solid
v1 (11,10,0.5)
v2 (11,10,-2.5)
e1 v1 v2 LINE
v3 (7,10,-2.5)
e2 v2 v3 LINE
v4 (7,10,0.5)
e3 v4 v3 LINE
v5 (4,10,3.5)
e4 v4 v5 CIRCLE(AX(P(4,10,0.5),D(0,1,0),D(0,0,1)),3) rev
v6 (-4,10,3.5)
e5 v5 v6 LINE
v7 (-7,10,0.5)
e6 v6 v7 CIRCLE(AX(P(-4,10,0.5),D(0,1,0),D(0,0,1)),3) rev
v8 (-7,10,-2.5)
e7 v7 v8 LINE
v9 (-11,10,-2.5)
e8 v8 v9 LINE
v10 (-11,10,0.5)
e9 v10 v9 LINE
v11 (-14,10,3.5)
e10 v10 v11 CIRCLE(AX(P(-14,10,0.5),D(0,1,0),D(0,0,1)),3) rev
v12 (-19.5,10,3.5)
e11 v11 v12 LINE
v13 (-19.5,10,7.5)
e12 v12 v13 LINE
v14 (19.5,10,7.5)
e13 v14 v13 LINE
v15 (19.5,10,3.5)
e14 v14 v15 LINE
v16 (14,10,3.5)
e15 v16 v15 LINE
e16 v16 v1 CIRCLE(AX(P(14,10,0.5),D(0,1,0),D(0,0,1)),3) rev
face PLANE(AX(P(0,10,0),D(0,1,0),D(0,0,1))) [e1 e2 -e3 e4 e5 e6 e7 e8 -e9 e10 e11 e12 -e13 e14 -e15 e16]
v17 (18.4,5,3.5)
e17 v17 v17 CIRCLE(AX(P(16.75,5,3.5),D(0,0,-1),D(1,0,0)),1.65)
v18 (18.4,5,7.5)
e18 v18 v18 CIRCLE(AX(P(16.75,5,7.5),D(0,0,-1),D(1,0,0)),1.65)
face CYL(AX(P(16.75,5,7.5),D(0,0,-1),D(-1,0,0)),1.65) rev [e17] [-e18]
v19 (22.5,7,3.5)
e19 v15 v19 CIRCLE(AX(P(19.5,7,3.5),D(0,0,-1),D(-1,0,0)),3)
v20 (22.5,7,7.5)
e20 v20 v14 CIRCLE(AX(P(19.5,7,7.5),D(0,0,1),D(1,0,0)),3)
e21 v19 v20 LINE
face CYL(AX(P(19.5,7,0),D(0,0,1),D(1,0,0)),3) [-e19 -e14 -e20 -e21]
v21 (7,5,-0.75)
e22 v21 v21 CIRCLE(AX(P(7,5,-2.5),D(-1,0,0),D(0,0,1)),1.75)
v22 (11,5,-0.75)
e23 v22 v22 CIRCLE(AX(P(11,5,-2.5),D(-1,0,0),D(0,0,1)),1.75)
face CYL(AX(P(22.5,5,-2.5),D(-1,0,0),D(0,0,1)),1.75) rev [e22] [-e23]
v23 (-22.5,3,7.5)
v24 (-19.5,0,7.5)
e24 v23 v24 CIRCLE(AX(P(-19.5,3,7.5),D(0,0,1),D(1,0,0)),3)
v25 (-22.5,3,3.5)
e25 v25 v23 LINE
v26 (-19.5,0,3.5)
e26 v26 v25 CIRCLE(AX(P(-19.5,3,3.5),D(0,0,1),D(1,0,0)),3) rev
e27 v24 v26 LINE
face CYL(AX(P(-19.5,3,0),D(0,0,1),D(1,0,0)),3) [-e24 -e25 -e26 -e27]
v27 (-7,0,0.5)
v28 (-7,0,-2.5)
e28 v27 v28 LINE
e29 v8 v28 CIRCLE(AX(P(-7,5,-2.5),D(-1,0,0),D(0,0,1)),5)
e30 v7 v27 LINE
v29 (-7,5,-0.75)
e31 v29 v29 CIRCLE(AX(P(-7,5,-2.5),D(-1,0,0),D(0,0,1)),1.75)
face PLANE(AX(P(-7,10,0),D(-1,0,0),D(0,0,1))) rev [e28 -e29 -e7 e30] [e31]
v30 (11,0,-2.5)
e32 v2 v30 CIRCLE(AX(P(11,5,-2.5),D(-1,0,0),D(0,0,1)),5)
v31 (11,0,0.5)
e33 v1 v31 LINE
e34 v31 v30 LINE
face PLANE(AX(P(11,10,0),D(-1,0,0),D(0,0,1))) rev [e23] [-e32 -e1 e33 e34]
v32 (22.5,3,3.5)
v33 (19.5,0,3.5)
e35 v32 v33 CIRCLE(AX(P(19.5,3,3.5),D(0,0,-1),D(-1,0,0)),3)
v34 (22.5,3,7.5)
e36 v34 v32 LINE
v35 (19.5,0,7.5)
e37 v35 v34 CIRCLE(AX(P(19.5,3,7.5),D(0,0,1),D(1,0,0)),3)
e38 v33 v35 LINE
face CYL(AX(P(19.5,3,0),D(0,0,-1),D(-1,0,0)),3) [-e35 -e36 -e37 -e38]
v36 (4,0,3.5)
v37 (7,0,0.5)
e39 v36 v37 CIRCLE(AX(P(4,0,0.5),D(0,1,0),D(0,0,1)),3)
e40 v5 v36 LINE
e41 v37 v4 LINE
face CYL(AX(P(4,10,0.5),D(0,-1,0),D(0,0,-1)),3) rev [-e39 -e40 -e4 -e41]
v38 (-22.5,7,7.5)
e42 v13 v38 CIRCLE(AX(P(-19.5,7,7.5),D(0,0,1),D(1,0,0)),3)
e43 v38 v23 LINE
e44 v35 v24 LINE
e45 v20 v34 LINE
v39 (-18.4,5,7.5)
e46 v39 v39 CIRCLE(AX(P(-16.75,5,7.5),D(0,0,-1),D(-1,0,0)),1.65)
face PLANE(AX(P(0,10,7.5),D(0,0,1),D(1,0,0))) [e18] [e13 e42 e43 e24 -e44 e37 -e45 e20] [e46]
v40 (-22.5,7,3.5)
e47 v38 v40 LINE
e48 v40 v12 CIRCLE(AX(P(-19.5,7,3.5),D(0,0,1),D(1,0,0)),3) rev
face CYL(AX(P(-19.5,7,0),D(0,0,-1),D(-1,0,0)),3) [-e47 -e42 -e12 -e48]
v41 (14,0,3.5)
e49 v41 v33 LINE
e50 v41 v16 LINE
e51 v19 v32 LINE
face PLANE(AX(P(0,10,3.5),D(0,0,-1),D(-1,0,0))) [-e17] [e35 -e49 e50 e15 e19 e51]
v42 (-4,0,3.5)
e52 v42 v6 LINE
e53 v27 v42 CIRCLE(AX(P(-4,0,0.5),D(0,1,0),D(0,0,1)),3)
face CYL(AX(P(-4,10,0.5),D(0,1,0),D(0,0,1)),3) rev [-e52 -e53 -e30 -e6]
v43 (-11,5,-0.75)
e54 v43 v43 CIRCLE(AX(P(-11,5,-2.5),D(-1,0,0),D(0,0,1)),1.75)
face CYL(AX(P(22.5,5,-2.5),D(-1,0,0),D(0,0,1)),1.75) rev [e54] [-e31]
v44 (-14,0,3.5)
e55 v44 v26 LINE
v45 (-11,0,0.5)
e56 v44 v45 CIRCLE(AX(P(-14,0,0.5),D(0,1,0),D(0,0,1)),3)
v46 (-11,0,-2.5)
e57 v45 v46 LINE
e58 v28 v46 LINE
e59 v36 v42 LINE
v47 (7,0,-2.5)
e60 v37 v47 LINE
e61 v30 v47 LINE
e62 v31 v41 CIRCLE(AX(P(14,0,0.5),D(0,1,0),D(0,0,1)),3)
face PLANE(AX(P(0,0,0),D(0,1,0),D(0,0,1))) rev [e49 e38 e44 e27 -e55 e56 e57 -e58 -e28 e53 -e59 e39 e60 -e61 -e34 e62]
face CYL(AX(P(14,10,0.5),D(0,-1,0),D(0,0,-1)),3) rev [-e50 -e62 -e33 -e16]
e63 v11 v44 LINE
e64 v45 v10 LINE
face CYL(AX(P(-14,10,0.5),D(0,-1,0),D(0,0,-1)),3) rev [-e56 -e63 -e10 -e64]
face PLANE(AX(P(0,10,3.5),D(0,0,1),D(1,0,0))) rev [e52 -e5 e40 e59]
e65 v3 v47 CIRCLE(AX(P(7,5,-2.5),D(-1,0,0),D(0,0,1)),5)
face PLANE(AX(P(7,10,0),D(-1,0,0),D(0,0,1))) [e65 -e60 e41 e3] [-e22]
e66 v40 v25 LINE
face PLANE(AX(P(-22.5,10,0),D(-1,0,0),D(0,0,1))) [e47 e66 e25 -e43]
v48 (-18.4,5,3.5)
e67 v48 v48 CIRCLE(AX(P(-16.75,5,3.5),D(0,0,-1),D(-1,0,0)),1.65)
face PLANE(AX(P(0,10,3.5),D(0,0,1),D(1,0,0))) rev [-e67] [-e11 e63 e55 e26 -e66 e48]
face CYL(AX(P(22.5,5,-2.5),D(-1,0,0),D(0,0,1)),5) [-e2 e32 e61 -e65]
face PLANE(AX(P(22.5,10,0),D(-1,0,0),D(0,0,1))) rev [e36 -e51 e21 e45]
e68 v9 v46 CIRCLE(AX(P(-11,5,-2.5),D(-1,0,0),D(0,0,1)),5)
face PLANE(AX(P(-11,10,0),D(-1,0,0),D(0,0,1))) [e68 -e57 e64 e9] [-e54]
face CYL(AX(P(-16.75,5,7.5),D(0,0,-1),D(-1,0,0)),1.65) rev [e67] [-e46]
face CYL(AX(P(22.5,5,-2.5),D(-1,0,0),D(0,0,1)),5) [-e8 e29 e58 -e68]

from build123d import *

# Parameters (mm, degrees)
BOSS_EXTRUDE1_DEPTH     = 10
CUT_EXTRUDE1_DEPTH      = 36.756118358
CUT_EXTRUDE1_DEPTH_BACK = 36.756118358
SKETCH2_R               = 1.75
SKETCH3_R               = 1.65
CUT_EXTRUDE2_DEPTH      = 27.96757312
FILLET1_R               = 3


with BuildPart() as part:
    # Sketch1 → Boss-Extrude1 (new body)
    with BuildSketch(Plane(origin=(0, 0, 0), x_dir=(1, 0, 0), z_dir=(0, 1, 0))):
        Polygon((-22.5, -7.5), (22.5, -7.5), (22.5, -3.5), (11, -3.5), (11, 7.5), (7, 7.5), (7, -3.5), (-7, -3.5), (-7, 7.5), (-11, 7.5), (-11, -3.5), (-22.5, -3.5), align=None)
    extrude(amount=BOSS_EXTRUDE1_DEPTH)

    # Sketch2 → Cut-Extrude1 (cut, two sides: drawn at the far end of the back side and taken through both)
    with BuildSketch(Plane.ZY.offset(11).offset(-CUT_EXTRUDE1_DEPTH_BACK)):
        with BuildLine():
            Line((-7.5, 10), (-7.5, 5))
            ThreePointArc((-7.5, 5), (-6.035533906, 8.535533906), (-2.5, 10))
            Line((-2.5, 10), (-7.5, 10))
        make_face()
        with BuildLine():
            Line((-7.5, 0), (-2.5, 0))
            ThreePointArc((-2.5, 0), (-6.035533906, 1.464466094), (-7.5, 5))
            Line((-7.5, 5), (-7.5, 0))
        make_face()
        with Locations((-2.5, 5)):
            Circle(SKETCH2_R)
    extrude(amount=CUT_EXTRUDE1_DEPTH + CUT_EXTRUDE1_DEPTH_BACK, mode=Mode.SUBTRACT)

    # Sketch3 → Cut-Extrude2 (cut, through all)
    with BuildSketch(Plane(origin=(0, 0, 3.5), x_dir=(-1, 0, 0), z_dir=(0, 0, -1))):
        with Locations((16.75, 5)):
            Circle(SKETCH3_R)
        with Locations(Location((-16.75, 5, 0), (0, 0, 180))):
            Circle(SKETCH3_R)
    extrude(amount=-CUT_EXTRUDE2_DEPTH, mode=Mode.SUBTRACT)

    # Fillet1
    fillet1_edges = [part.edges().sort_by_distance(p)[0] for p in [
        (22.5, 0, 5.5),
        (-22.5, 0, 5.5),
        (-11, 5, 3.5),
        (-7, 5, 3.5),
        (7, 5, 3.5),
        (11, 5, 3.5),
        (-22.5, 10, 5.5),
        (22.5, 10, 5.5),
    ]]
    fillet(fillet1_edges, radius=FILLET1_R)


solid = part.part
